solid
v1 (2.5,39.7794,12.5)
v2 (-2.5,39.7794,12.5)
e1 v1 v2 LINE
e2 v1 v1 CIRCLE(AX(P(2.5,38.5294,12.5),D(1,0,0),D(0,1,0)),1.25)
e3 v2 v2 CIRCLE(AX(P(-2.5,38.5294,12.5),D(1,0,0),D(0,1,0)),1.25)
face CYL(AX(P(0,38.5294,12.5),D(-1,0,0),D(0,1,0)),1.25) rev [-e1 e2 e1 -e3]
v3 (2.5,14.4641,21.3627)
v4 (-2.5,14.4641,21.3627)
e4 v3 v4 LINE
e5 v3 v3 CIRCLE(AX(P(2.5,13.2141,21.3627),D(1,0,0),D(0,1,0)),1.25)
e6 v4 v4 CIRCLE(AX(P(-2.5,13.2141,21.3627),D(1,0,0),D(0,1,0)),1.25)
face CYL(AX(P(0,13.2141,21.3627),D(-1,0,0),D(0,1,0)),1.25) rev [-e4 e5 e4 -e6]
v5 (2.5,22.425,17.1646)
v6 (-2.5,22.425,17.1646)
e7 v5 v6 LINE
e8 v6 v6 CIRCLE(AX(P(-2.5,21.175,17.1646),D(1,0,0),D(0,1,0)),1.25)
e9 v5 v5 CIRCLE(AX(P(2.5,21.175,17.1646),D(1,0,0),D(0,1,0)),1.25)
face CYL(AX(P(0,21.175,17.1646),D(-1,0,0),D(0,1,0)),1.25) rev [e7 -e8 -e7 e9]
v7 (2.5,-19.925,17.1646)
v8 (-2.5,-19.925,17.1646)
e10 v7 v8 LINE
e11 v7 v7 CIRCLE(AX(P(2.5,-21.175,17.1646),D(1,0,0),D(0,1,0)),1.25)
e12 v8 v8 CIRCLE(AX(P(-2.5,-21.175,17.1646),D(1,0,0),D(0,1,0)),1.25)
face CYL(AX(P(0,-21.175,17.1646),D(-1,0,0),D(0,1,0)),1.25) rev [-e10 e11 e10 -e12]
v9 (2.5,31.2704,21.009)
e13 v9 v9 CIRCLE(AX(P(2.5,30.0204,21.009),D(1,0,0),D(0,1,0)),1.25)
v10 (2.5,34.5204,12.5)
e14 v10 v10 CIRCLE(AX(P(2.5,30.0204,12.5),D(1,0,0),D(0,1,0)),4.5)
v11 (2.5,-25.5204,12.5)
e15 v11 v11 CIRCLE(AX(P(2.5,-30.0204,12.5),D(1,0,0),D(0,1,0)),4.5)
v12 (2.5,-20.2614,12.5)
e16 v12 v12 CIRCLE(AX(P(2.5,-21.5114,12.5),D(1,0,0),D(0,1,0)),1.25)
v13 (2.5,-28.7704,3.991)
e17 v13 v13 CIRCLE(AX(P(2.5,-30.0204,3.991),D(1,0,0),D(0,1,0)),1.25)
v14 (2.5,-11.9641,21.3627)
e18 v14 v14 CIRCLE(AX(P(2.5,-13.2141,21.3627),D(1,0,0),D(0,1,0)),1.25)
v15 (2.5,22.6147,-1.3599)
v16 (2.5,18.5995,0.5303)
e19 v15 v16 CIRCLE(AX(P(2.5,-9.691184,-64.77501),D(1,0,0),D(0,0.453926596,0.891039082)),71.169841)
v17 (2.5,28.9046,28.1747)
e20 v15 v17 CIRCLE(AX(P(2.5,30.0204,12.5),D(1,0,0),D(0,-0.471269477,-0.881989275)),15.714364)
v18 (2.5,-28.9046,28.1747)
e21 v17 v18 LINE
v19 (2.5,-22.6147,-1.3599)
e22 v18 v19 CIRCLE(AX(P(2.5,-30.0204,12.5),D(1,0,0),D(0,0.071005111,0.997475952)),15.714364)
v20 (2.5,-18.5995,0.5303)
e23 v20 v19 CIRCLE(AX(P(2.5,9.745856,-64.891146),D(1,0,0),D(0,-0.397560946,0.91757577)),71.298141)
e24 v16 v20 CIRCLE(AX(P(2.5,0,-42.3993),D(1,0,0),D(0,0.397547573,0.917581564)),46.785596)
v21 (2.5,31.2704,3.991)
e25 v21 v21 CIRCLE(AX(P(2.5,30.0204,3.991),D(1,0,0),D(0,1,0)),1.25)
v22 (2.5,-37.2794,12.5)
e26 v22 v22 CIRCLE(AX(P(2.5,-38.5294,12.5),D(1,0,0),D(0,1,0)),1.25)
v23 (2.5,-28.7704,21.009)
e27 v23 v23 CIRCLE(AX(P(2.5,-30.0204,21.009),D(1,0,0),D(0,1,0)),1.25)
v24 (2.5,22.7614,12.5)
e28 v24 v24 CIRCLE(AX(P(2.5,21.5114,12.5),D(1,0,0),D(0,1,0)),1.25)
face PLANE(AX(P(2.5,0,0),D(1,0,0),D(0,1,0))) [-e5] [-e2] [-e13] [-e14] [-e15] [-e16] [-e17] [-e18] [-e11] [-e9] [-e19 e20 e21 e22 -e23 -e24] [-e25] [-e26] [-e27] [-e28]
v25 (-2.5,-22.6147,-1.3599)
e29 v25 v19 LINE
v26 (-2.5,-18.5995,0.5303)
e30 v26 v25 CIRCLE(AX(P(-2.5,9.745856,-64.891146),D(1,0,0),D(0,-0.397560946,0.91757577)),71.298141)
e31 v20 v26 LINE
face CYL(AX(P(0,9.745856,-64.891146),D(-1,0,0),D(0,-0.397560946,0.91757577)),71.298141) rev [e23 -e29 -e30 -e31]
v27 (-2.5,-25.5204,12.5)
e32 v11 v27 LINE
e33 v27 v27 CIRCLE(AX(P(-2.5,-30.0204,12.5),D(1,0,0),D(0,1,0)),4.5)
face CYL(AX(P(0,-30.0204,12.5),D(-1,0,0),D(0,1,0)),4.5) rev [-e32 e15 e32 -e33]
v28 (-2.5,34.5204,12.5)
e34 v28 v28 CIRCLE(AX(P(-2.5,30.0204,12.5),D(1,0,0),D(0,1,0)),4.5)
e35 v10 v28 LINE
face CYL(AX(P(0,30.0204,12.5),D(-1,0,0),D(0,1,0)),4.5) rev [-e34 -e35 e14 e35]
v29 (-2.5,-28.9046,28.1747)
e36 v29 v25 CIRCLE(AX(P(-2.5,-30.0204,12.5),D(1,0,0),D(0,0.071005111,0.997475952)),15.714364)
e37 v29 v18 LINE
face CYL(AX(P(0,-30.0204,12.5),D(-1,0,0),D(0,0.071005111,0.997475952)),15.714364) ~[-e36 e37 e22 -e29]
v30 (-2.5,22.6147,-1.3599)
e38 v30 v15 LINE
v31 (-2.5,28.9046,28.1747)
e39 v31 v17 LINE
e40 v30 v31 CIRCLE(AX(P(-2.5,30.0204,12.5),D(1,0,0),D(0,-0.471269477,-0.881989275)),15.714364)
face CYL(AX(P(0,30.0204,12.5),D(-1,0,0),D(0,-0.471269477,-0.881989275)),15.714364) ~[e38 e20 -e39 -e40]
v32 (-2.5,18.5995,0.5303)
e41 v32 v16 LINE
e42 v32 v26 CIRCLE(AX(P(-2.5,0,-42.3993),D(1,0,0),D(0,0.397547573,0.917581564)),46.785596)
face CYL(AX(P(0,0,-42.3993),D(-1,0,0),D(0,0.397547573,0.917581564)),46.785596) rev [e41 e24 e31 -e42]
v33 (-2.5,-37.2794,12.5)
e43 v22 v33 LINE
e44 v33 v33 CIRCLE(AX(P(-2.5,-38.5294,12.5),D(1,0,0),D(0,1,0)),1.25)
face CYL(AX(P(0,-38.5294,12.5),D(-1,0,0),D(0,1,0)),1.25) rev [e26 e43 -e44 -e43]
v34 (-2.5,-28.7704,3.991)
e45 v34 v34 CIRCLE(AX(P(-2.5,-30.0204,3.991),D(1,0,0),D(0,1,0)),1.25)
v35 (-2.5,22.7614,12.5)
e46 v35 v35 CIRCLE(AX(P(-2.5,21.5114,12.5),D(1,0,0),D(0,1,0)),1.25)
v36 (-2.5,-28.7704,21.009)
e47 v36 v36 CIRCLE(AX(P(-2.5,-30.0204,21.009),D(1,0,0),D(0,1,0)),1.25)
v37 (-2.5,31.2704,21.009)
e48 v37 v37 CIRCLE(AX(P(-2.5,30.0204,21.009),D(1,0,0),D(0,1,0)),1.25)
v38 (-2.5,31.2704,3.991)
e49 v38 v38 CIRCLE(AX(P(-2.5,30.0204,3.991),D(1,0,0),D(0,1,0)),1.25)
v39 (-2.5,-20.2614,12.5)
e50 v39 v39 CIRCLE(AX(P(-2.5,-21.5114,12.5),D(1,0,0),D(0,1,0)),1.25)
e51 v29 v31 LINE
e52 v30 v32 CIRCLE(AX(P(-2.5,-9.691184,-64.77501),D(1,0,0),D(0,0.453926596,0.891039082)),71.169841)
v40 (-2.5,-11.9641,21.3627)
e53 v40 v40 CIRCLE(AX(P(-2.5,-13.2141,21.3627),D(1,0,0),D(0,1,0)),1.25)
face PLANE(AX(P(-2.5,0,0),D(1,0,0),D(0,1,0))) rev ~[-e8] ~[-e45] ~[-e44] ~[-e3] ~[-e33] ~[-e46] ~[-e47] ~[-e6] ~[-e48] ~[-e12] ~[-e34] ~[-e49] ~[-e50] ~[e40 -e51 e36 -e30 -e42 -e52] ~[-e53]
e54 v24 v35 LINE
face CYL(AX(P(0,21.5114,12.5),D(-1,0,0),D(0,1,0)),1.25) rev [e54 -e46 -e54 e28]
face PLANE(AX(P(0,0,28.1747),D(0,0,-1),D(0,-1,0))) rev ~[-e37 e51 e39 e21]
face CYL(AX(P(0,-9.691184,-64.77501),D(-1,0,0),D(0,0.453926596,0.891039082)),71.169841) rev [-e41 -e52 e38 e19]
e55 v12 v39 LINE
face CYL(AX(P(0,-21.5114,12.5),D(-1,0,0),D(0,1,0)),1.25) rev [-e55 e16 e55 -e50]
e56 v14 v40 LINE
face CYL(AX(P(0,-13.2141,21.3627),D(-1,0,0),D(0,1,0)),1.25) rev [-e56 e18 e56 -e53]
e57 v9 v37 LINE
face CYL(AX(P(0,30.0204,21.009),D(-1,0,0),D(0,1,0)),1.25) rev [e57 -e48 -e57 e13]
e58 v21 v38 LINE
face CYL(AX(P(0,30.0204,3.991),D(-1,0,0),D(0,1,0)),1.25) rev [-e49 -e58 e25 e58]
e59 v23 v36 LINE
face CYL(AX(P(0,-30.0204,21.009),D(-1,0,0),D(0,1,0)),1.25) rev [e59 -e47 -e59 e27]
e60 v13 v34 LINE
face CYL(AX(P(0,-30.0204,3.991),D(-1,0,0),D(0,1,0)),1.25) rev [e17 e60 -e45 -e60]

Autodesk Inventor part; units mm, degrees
ref_plane "YZ Plane" through (0, 0, 0) normal (1, 0, 0) x (0, 1, 0)
ref_plane "XZ Plane" through (0, 0, 0) normal (0, 1, 0) x (-1, 0, 0)
ref_plane "XY Plane" through (0, 0, 0) normal (0, 0, 1) x (1, 0, 0)
sketch "Sketch1" plane through (0, 0, 0) normal (1, 0, 0) x (0, 1, 0)
  line L0 (0, 24.9603) -> (29.0254, 24.9603)
  arc A0 (24.1037, 1.489) -> (29.0254, 24.9603) centre (30.0204, 12.5) ccw
  arc A1 (24.1037, 1.489) -> (19.8774, 3.4798) centre (-9.7194, -64.8326) ccw
  circle A2 centre (30.0204, 3.991) radius 1.25
  circle A3 centre (21.5114, 12.5) radius 1.25
  circle A4 centre (30.0204, 21.009) radius 1.25
  circle A5 centre (38.5294, 12.5) radius 1.25
  circle A6 centre (21.175, 17.1646) radius 1.25
  circle A7 centre (13.2141, 21.3627) radius 1.25
  circle A8 centre (30.0204, 12.5) radius 4.5
  line L1 (-9.7194, 24.9554) -> (-9.7296, 24.9554)
  arc A9 (-9.7194, 9.6157) -> (-9.7296, 9.6157) centre (-9.7194, -64.8326) ccw
  line L2 (-5.2398, 24.9554) -> (-5.2296, 24.9554)
  arc A10 (-5.1682, 9.6221) -> (-5.1784, 9.6221) centre (-5.1784, -64.8263) ccw
  line L3 (0, 1.489) -> (0, -13) construction
  arc A11 (-19.8774, 3.4798) -> (-24.1037, 1.489) centre (9.7194, -64.8326) ccw
  line L4 (0, 24.9603) -> (-29.0254, 24.9603)
  arc A12 (-29.0254, 24.9603) -> (-24.1037, 1.489) centre (-30.0204, 12.5) ccw
  circle A13 centre (-30.0204, 3.991) radius 1.25
  circle A14 centre (-21.5114, 12.5) radius 1.25
  circle A15 centre (-30.0204, 21.009) radius 1.25
  circle A16 centre (-38.5294, 12.5) radius 1.25
  circle A17 centre (-21.175, 17.1646) radius 1.25
  circle A18 centre (-13.2141, 21.3627) radius 1.25
  circle A19 centre (-30.0204, 12.5) radius 4.5
  line L5 (9.7194, 24.9554) -> (9.7296, 24.9554)
  arc A20 (9.7296, 9.6157) -> (9.7194, 9.6157) centre (9.7194, -64.8326) ccw
  arc A21 (5.1784, 9.6221) -> (5.1682, 9.6221) centre (5.1784, -64.8263) ccw
  line L6 (5.2398, 24.9554) -> (5.2296, 24.9554)
  arc A22 (19.8774, 3.4798) -> (-19.8774, 3.4798) centre (0, -42.3993) ccw
  arc A23 (0.2819, 5.4073) -> (-0.2819, 5.4073) centre (0, 3.4272) ccw
  arc A24 (18.5995, 0.5303) -> (-18.5995, 0.5303) centre (0, -42.3993) ccw
  arc A25 (22.6147, -1.3599) -> (18.5995, 0.5303) centre (-9.7194, -64.8326) ccw
  arc A26 (22.6147, -1.3599) -> (28.9046, 28.1747) centre (30.0204, 12.5) ccw
  line L7 (28.9046, 28.1747) -> (0, 28.1747)
  line L8 (0, 28.1747) -> (-28.9046, 28.1747)
  arc A27 (-28.9046, 28.1747) -> (-22.6147, -1.3599) centre (-30.0204, 12.5) ccw
  arc A28 (-18.5995, 0.5303) -> (-22.6147, -1.3599) centre (9.7194, -64.8326) ccw
  dimension "d47" = 8.509
  dimension "d48" = 8.509
  dimension "d49" = 8.509
  dimension "d50" = 8.509
  dimension "d51" = 10
  dimension "d53" = 9
  dimension "d56" = 9
  dimension "d58" = 4.1981
  dimension "d72" = 50
  dimension "d74" = 3.2144
extrude "Extrusion5" add sketch "Sketch1" along normal mid plane 5 contours L0 A0 A1 A22 A11 A12 L4 | A24 A28 A27 L8 L7 A26 A25
properties part number "Femur3"
